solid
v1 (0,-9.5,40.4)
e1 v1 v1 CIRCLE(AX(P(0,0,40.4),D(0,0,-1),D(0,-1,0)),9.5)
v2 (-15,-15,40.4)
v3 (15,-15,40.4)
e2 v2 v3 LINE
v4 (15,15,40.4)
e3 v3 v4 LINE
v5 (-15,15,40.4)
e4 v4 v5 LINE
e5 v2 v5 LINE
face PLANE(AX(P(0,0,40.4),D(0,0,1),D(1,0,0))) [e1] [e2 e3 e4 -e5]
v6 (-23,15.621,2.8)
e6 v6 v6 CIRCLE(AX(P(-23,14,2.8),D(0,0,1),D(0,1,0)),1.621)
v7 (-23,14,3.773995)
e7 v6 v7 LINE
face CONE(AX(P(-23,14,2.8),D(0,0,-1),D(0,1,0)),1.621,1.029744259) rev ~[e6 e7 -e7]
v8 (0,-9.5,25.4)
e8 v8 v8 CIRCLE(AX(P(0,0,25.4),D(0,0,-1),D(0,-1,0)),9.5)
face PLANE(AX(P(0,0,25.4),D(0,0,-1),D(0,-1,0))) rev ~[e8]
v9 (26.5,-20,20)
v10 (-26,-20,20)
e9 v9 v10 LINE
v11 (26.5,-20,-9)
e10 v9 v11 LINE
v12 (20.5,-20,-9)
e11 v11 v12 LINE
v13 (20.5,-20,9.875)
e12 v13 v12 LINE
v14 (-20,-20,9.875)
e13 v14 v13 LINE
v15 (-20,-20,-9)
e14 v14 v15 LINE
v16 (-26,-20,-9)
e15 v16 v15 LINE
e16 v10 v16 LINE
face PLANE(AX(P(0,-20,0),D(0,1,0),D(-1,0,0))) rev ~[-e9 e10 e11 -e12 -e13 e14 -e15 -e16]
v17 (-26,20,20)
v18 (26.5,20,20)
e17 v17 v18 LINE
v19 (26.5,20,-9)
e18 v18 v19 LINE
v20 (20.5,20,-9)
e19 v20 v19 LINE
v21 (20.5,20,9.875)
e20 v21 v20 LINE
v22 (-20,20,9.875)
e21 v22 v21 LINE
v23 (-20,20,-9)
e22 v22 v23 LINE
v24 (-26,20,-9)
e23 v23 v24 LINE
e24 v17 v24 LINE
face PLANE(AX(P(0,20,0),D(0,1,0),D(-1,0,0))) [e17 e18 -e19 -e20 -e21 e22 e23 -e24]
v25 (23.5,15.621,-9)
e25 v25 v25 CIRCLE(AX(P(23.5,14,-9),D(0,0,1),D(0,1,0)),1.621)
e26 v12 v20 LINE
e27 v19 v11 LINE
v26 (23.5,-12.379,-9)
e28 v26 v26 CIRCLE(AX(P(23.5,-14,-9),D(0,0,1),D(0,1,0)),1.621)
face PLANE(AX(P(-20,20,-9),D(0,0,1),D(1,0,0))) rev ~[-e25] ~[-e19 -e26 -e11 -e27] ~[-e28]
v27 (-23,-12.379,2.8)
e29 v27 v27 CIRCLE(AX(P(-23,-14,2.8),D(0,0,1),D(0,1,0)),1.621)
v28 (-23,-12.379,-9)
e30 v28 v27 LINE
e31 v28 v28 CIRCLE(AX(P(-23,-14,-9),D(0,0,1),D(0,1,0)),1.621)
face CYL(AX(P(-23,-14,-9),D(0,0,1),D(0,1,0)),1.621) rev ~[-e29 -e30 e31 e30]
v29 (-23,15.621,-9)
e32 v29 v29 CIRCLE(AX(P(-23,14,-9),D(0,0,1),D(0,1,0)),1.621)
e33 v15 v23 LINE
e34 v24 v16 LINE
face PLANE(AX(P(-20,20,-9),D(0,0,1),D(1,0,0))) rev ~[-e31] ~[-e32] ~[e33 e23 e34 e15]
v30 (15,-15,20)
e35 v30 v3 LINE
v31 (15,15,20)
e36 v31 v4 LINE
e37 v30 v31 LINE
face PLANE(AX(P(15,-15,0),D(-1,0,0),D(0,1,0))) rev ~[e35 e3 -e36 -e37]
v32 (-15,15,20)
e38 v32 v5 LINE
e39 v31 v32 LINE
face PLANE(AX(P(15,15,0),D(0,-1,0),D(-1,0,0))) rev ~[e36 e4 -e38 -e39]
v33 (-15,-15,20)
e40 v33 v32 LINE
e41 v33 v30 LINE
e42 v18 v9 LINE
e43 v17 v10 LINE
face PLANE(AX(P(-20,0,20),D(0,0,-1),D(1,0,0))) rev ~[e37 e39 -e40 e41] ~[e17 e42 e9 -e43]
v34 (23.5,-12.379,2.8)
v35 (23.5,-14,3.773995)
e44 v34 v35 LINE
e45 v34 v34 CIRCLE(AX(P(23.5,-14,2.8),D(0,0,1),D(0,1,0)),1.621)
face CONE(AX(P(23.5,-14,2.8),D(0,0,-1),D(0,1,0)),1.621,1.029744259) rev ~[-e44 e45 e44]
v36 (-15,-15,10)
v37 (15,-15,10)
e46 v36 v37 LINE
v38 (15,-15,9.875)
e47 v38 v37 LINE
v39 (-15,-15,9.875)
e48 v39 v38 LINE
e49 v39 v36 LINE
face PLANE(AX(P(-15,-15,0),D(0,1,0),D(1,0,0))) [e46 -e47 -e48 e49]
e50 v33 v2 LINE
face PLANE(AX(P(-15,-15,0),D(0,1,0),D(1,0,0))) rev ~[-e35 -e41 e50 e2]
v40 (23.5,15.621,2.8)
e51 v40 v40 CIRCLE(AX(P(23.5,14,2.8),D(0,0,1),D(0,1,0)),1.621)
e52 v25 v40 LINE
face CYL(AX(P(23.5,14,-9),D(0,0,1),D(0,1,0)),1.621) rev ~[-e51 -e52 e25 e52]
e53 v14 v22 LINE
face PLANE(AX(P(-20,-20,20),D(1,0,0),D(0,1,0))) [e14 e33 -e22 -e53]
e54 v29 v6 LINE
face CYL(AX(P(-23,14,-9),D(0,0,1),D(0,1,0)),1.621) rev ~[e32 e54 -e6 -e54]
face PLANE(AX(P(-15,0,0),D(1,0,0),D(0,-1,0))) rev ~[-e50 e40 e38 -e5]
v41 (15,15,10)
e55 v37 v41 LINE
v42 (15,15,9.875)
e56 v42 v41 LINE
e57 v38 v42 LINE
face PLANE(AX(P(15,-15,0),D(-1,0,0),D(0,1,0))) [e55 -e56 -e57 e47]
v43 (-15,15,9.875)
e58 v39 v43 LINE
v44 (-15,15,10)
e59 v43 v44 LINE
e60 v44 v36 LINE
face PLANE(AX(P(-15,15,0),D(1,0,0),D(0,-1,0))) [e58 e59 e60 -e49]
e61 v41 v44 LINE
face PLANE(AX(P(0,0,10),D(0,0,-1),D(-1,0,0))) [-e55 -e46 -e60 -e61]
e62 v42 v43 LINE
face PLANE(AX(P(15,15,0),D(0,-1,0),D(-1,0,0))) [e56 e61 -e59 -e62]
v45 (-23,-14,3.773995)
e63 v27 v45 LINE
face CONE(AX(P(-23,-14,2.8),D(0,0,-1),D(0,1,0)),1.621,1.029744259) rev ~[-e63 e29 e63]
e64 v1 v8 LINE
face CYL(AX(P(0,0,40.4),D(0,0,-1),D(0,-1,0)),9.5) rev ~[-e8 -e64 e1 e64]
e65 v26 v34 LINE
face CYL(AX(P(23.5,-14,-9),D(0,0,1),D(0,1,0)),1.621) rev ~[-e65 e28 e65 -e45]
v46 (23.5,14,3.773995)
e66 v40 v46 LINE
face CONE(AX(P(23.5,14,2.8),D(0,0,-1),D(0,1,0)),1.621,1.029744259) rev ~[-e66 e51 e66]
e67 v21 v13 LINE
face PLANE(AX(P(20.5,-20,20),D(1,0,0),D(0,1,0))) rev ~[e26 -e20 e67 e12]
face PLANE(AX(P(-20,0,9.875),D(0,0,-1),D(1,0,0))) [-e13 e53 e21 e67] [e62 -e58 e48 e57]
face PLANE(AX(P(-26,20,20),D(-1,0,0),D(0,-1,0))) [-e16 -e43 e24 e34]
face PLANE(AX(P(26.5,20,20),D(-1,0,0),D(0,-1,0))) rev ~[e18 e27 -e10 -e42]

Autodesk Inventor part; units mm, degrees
ref_plane "YZ Plane" through (0, 0, 0) normal (1, 0, 0) x (0, 1, 0)
ref_plane "XZ Plane" through (0, 0, 0) normal (0, 1, 0) x (-1, 0, 0)
ref_plane "XY Plane" through (0, 0, 0) normal (0, 0, 1) x (1, 0, 0)
sketch "Sketch1" plane through (0, 0, 0) normal (0, 1, 0) x (-1, 0, 0)
  line L0 (20, -0.25) -> (20, 20)
  line L1 (20, 20) -> (-20.5, 20)
  line L2 (-20.5, 20) -> (-20.5, -0.25)
  line L3 (20, 9.875) -> (-20.5, 9.875)
  dimension "d49" = 40.5
extrude "Extrusion1" add sketch "Sketch1" along normal mid plane 40
sketch "Sketch6" plane through (0, 0, 0) normal (0, 0, 1) x (1, 0, 0)
  line L0 (0, 0) -> (-15, 0)
  line L1 (-15, 0) -> (-15, -15)
  line L2 (-15, -15) -> (15, -15)
  line L3 (15, -15) -> (15, 15)
  line L4 (15, 15) -> (-15, 15)
  line L5 (-15, 15) -> (-15, 0)
  dimension "d64" = 15
  dimension "d65" = 15
  dimension "d66" = 90
  dimension "d67" = 30
  dimension "d68" = 90
  dimension "d69" = 30
  dimension "d70" = 90
  dimension "d71" = 30
  dimension "d72" = 90
extrude "Extrusion6" add sketch "Sketch6" along normal blind 40.4
hole "Hole2" at (0, 0, 40.4) direction (0, 0, -1) diameter 19 depth 15
fillet "Fillet3" [suppressed]
sketch "Sketch8" plane through (0, 0, 0) normal (0, 0, -1) x (-1, 0, 0)
  line L0 (15, -15) -> (-15, -15)
  line L1 (-15, -15) -> (-15, 15)
  line L2 (-15, 15) -> (15, 15)
  line L3 (15, 15) -> (15, -15)
  point P0 (0, 0)
extrude "Extrusion8" cut sketch "Sketch8" against normal blind 10
sketch "Sketch10" plane through (-20, 20, 20) normal (0, 0, 1) x (1, 0, 0)
  line L0 (0, 0) -> (-6, 0)
  line L1 (-6, 0) -> (-6, -40)
  line L2 (-6, -40) -> (0, -40)
  line L3 (0, -40) -> (0, 0)
  line L4 (40.5, 0) -> (46.5, 0)
  line L5 (46.5, 0) -> (46.5, -40)
  line L6 (46.5, -40) -> (40.5, -40)
  line L7 (40.5, -40) -> (40.5, 0)
  point P0 (20, -20)
  dimension "d73" = 6
  dimension "d74" = 6
  dimension "d75" = 40.5
extrude "Extrusion9" add sketch "Sketch10" against normal blind 29
hole "Hole3" at (23.5, 14, -9) direction (0, 0, 1) diameter 3.242 depth 11.8 tip angle 118 thread size "M4x0.7" class "6H" standard "ISO Metric profile"
hole "Hole4" at (23.5, -14, -9) direction (0, 0, 1) diameter 3.242 depth 11.8 tip angle 118 thread size "M4x0.7" class "6H" standard "ISO Metric profile"
hole "Hole5" at (-23, 14, -9) direction (0, 0, 1) diameter 3.242 depth 11.8 tip angle 118 thread size "M4x0.7" class "6H" standard "ISO Metric profile"
hole "Hole6" at (-23, -14, -9) direction (0, 0, 1) diameter 3.242 depth 11.8 tip angle 118 thread size "M4x0.7" class "6H" standard "ISO Metric profile"
properties part number "suporte-barra" material "Steel, Carbon"
